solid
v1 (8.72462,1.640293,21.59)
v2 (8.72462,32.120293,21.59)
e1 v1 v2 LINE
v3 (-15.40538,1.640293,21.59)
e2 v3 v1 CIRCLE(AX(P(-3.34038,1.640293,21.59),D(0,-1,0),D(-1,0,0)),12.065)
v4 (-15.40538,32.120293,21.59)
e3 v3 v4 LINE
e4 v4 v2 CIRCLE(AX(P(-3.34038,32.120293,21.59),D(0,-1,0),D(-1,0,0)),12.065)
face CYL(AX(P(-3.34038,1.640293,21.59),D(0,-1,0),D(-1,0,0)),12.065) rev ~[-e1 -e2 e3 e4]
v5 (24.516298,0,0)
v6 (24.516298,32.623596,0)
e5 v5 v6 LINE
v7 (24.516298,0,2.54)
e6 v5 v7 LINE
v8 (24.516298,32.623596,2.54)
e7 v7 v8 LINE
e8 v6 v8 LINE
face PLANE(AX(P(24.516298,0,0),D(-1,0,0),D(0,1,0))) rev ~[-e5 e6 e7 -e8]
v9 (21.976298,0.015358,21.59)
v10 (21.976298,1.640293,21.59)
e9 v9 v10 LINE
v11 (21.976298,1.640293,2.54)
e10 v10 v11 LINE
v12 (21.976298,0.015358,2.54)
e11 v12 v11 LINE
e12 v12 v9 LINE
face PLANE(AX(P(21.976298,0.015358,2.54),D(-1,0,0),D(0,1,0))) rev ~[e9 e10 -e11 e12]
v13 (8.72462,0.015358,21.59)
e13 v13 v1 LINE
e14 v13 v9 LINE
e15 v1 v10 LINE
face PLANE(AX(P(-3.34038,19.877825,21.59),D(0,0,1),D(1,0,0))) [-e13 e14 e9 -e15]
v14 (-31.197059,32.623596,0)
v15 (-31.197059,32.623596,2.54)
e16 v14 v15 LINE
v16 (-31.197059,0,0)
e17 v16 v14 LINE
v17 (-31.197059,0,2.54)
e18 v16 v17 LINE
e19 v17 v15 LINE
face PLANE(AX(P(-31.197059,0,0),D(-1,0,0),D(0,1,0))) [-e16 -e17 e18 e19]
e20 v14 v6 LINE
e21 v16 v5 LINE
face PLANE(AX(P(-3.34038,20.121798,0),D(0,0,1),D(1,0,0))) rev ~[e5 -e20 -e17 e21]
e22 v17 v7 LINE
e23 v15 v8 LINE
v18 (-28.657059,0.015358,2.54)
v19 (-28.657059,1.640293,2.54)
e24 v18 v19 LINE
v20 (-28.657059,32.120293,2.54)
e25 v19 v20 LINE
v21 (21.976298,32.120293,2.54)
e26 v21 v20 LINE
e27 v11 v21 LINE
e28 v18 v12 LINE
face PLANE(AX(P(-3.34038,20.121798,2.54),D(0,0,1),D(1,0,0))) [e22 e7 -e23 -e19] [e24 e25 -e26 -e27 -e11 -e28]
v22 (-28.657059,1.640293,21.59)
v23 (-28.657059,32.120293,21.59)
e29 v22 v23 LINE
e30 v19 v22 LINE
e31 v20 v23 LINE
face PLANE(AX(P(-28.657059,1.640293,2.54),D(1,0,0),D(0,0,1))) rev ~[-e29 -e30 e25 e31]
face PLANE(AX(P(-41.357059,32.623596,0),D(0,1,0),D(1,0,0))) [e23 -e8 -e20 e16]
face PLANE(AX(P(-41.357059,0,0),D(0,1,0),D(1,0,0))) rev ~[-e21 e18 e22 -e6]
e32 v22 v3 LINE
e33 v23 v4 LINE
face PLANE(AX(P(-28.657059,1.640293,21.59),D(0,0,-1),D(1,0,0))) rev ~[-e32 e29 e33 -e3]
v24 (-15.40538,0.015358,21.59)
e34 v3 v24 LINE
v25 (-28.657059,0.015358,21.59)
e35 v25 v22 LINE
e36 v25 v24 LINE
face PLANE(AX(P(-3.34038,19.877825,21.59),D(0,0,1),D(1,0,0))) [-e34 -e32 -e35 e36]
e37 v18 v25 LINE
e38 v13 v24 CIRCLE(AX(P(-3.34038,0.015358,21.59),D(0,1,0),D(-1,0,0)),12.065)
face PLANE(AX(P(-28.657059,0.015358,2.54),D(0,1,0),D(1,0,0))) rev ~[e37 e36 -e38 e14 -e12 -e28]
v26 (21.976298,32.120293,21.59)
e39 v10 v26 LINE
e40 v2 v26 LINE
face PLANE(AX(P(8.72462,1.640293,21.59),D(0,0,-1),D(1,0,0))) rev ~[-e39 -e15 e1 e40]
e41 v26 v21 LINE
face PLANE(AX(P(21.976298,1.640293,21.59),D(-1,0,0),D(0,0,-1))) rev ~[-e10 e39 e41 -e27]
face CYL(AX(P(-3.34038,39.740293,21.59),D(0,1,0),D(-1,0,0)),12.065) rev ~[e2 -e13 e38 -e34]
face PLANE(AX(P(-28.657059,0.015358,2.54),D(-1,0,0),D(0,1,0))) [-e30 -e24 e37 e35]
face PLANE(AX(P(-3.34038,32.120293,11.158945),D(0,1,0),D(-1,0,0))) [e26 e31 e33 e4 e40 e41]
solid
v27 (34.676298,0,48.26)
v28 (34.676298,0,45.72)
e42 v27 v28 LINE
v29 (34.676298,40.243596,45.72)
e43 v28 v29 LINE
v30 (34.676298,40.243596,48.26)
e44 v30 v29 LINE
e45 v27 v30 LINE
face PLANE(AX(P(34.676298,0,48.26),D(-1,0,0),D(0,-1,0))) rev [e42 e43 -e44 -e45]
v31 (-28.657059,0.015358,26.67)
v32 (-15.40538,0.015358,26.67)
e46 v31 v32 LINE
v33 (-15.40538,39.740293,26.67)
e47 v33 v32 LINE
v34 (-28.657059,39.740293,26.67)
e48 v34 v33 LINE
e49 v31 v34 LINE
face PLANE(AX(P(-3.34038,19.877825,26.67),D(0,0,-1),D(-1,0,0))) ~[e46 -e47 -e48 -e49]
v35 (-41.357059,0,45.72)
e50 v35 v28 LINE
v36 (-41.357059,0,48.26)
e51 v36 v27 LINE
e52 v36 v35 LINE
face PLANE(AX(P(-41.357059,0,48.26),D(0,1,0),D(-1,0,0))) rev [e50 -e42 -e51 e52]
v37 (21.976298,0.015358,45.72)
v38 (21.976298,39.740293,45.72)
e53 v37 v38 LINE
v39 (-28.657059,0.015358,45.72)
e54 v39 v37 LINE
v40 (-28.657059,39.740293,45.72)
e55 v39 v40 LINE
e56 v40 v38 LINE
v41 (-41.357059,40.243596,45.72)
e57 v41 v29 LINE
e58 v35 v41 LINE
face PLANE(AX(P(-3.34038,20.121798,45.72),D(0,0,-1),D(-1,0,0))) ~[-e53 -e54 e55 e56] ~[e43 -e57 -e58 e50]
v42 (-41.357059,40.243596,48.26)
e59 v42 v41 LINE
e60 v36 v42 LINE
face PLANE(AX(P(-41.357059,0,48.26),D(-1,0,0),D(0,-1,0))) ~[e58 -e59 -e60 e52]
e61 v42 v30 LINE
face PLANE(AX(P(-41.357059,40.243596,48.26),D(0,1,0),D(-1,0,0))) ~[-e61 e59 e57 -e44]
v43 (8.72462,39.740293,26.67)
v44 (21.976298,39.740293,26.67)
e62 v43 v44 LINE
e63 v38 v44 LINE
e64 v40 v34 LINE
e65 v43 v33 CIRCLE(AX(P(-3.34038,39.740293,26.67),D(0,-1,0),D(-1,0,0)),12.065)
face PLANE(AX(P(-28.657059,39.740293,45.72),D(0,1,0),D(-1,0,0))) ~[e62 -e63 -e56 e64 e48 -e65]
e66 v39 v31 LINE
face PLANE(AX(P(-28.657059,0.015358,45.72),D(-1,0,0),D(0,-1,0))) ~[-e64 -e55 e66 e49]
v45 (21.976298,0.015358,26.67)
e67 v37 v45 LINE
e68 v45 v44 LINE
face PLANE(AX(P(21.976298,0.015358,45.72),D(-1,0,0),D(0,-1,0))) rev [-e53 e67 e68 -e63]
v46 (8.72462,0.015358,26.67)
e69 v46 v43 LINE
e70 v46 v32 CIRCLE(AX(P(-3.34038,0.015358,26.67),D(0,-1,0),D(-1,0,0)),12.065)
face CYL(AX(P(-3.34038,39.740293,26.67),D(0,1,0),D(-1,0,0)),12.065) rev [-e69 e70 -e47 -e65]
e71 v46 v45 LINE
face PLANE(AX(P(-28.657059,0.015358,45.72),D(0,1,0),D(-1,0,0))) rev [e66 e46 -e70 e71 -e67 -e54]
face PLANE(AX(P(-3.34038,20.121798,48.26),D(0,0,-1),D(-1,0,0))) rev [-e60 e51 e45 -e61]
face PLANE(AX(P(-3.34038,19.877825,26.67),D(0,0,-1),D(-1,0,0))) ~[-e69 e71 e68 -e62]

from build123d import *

# Parameters (mm, degrees)
F0_W       = 76.0333575308
F0_H       = 40.2435958385
F1_DEPTH   = 2.54
F2_W       = 50.6333575308
F2_H       = 39.7249350895
F3_DEPTH   = 19.05
F4_R       = 12.065
F5_DEPTH   = 50.8
F1_FACE1_W = 76.0333575308
F1_FACE1_H = 2.54
F8_DEPTH   = 38.1
F9_DEPTH   = 30.48
F10_DEPTH  = 7.62
F11_DEPTH  = 7.62
F12_DEPTH  = 10.16
F13_DEPTH  = 10.16
F14_DEPTH  = 10.16
F15_DEPTH  = 10.16


with BuildPart() as f1:
    # F0 (on Top) → F1 (new body)
    with BuildSketch(Plane.XY):
        with Locations((-3.3403802663, 20.1217979193)):
            Rectangle(F0_W, F0_H)
    extrude(amount=F1_DEPTH)

    # F2 (on face) → F3 (join)
    with BuildSketch(Plane.XY.offset(2.54)):
        with Locations((-3.3403802663, 19.8778254271)):
            Rectangle(F2_W, F2_H)
    extrude(amount=F3_DEPTH)

    # F4 (on face) → F5 (cut)
    with BuildSketch(Plane(origin=(0, 39.7402929718, 0), x_dir=(-1, 0, 0), z_dir=(0, 1, 0))):
        with Locations((3.3403802663, 21.59)):
            Circle(F4_R)
    extrude(amount=-F5_DEPTH, mode=Mode.SUBTRACT)


with BuildPart() as f7_1:
    # F7: instance of F1
    add(f1.part.mirror(Plane.XY.offset(24.13)))


with BuildPart() as f1_1:
    add(f1.part)

    # F1_face1 (on face) + F7_face (on face) + F7_face1 (on face) → F8 (cut)
    with BuildSketch(Plane(origin=(-3.3403802663, 0, 1.27), x_dir=(1, 0, 0), z_dir=(0, -1, 0))):
        Rectangle(F1_FACE1_W, F1_FACE1_H)
    with BuildSketch(Plane(origin=(-3.3403802663, 39.7402929718, 10.6965157334), x_dir=(-1, 0, 0), z_dir=(0, 1, 0))):
        with BuildLine():
            Line((-25.3166787654, -8.1565157334), (25.3166787654, -8.1565157334))
            Line((25.3166787654, -8.1565157334), (25.3166787654, 10.8934842666))
            Line((25.3166787654, 10.8934842666), (12.065, 10.8934842666))
            ThreePointArc((12.065, 10.8934842666), (0, -1.1715157334), (-12.065, 10.8934842666))
            Line((-12.065, 10.8934842666), (-25.3166787654, 10.8934842666))
            Line((-25.3166787654, 10.8934842666), (-25.3166787654, -8.1565157334))
        make_face()
    with BuildSketch(Plane(origin=(-3.3403802663, 39.7402929718, 37.5634842666), x_dir=(-1, 0, 0), z_dir=(0, 1, 0))):
        with BuildLine():
            Line((25.3166787654, 8.1565157334), (-25.3166787654, 8.1565157334))
            Line((-25.3166787654, 8.1565157334), (-25.3166787654, -10.8934842666))
            Line((-25.3166787654, -10.8934842666), (-12.065, -10.8934842666))
            ThreePointArc((-12.065, -10.8934842666), (0, 1.1715157334), (12.065, -10.8934842666))
            Line((12.065, -10.8934842666), (25.3166787654, -10.8934842666))
            Line((25.3166787654, -10.8934842666), (25.3166787654, 8.1565157334))
        make_face()
    extrude(amount=F8_DEPTH, dir=(0, -1, 0), mode=Mode.SUBTRACT)

    # F9 (add): a face of the model
    f9_faces = [f1_1.faces().sort_by_distance(p)[0] for p in [
        (15.3504591164, 1.6402929718, 21.0490157678),
    ]]
    extrude(f9_faces, amount=F9_DEPTH)

    # F10 (cut): a face of the model
    f10_faces = [f7_1.part.faces().sort_by_distance(p)[0] for p in [
        (-3.3403802663, 40.2435958385, 46.99),
    ]]
    extrude(f10_faces, amount=F10_DEPTH, mode=Mode.SUBTRACT)

    # F11 (cut): a face of the model
    f11_faces = [f1_1.faces().sort_by_distance(p)[0] for p in [
        (-3.3403802663, 40.2435958385, 1.27),
    ]]
    extrude(f11_faces, amount=-F11_DEPTH, mode=Mode.SUBTRACT)

    # F12 (cut): a face of the model
    f12_faces = [f1_1.faces().sort_by_distance(p)[0] for p in [
        (-41.3570590317, 16.3117979193, 1.27),
    ]]
    extrude(f12_faces, amount=-F12_DEPTH, mode=Mode.SUBTRACT)

    # F13 (cut): a face of the model
    f13_faces = [f1_1.faces().sort_by_distance(p)[0] for p in [
        (34.6762984991, 16.3117979193, 1.27),
    ]]
    extrude(f13_faces, amount=-F13_DEPTH, mode=Mode.SUBTRACT)

    # F14 (cut): a face of the model
    f14_faces = [f7_1.part.faces().sort_by_distance(p)[0] for p in [
        (34.6762984991, 20.1217979193, 46.99),
    ]]
    extrude(f14_faces, amount=F14_DEPTH, mode=Mode.SUBTRACT)

    # F15 (cut): a face of the model
    f15_faces = [f7_1.part.faces().sort_by_distance(p)[0] for p in [
        (-41.3570590317, 20.1217979193, 46.99),
    ]]
    extrude(f15_faces, amount=F15_DEPTH, mode=Mode.SUBTRACT)


solid = Compound([f7_1.part, f1_1.part])
